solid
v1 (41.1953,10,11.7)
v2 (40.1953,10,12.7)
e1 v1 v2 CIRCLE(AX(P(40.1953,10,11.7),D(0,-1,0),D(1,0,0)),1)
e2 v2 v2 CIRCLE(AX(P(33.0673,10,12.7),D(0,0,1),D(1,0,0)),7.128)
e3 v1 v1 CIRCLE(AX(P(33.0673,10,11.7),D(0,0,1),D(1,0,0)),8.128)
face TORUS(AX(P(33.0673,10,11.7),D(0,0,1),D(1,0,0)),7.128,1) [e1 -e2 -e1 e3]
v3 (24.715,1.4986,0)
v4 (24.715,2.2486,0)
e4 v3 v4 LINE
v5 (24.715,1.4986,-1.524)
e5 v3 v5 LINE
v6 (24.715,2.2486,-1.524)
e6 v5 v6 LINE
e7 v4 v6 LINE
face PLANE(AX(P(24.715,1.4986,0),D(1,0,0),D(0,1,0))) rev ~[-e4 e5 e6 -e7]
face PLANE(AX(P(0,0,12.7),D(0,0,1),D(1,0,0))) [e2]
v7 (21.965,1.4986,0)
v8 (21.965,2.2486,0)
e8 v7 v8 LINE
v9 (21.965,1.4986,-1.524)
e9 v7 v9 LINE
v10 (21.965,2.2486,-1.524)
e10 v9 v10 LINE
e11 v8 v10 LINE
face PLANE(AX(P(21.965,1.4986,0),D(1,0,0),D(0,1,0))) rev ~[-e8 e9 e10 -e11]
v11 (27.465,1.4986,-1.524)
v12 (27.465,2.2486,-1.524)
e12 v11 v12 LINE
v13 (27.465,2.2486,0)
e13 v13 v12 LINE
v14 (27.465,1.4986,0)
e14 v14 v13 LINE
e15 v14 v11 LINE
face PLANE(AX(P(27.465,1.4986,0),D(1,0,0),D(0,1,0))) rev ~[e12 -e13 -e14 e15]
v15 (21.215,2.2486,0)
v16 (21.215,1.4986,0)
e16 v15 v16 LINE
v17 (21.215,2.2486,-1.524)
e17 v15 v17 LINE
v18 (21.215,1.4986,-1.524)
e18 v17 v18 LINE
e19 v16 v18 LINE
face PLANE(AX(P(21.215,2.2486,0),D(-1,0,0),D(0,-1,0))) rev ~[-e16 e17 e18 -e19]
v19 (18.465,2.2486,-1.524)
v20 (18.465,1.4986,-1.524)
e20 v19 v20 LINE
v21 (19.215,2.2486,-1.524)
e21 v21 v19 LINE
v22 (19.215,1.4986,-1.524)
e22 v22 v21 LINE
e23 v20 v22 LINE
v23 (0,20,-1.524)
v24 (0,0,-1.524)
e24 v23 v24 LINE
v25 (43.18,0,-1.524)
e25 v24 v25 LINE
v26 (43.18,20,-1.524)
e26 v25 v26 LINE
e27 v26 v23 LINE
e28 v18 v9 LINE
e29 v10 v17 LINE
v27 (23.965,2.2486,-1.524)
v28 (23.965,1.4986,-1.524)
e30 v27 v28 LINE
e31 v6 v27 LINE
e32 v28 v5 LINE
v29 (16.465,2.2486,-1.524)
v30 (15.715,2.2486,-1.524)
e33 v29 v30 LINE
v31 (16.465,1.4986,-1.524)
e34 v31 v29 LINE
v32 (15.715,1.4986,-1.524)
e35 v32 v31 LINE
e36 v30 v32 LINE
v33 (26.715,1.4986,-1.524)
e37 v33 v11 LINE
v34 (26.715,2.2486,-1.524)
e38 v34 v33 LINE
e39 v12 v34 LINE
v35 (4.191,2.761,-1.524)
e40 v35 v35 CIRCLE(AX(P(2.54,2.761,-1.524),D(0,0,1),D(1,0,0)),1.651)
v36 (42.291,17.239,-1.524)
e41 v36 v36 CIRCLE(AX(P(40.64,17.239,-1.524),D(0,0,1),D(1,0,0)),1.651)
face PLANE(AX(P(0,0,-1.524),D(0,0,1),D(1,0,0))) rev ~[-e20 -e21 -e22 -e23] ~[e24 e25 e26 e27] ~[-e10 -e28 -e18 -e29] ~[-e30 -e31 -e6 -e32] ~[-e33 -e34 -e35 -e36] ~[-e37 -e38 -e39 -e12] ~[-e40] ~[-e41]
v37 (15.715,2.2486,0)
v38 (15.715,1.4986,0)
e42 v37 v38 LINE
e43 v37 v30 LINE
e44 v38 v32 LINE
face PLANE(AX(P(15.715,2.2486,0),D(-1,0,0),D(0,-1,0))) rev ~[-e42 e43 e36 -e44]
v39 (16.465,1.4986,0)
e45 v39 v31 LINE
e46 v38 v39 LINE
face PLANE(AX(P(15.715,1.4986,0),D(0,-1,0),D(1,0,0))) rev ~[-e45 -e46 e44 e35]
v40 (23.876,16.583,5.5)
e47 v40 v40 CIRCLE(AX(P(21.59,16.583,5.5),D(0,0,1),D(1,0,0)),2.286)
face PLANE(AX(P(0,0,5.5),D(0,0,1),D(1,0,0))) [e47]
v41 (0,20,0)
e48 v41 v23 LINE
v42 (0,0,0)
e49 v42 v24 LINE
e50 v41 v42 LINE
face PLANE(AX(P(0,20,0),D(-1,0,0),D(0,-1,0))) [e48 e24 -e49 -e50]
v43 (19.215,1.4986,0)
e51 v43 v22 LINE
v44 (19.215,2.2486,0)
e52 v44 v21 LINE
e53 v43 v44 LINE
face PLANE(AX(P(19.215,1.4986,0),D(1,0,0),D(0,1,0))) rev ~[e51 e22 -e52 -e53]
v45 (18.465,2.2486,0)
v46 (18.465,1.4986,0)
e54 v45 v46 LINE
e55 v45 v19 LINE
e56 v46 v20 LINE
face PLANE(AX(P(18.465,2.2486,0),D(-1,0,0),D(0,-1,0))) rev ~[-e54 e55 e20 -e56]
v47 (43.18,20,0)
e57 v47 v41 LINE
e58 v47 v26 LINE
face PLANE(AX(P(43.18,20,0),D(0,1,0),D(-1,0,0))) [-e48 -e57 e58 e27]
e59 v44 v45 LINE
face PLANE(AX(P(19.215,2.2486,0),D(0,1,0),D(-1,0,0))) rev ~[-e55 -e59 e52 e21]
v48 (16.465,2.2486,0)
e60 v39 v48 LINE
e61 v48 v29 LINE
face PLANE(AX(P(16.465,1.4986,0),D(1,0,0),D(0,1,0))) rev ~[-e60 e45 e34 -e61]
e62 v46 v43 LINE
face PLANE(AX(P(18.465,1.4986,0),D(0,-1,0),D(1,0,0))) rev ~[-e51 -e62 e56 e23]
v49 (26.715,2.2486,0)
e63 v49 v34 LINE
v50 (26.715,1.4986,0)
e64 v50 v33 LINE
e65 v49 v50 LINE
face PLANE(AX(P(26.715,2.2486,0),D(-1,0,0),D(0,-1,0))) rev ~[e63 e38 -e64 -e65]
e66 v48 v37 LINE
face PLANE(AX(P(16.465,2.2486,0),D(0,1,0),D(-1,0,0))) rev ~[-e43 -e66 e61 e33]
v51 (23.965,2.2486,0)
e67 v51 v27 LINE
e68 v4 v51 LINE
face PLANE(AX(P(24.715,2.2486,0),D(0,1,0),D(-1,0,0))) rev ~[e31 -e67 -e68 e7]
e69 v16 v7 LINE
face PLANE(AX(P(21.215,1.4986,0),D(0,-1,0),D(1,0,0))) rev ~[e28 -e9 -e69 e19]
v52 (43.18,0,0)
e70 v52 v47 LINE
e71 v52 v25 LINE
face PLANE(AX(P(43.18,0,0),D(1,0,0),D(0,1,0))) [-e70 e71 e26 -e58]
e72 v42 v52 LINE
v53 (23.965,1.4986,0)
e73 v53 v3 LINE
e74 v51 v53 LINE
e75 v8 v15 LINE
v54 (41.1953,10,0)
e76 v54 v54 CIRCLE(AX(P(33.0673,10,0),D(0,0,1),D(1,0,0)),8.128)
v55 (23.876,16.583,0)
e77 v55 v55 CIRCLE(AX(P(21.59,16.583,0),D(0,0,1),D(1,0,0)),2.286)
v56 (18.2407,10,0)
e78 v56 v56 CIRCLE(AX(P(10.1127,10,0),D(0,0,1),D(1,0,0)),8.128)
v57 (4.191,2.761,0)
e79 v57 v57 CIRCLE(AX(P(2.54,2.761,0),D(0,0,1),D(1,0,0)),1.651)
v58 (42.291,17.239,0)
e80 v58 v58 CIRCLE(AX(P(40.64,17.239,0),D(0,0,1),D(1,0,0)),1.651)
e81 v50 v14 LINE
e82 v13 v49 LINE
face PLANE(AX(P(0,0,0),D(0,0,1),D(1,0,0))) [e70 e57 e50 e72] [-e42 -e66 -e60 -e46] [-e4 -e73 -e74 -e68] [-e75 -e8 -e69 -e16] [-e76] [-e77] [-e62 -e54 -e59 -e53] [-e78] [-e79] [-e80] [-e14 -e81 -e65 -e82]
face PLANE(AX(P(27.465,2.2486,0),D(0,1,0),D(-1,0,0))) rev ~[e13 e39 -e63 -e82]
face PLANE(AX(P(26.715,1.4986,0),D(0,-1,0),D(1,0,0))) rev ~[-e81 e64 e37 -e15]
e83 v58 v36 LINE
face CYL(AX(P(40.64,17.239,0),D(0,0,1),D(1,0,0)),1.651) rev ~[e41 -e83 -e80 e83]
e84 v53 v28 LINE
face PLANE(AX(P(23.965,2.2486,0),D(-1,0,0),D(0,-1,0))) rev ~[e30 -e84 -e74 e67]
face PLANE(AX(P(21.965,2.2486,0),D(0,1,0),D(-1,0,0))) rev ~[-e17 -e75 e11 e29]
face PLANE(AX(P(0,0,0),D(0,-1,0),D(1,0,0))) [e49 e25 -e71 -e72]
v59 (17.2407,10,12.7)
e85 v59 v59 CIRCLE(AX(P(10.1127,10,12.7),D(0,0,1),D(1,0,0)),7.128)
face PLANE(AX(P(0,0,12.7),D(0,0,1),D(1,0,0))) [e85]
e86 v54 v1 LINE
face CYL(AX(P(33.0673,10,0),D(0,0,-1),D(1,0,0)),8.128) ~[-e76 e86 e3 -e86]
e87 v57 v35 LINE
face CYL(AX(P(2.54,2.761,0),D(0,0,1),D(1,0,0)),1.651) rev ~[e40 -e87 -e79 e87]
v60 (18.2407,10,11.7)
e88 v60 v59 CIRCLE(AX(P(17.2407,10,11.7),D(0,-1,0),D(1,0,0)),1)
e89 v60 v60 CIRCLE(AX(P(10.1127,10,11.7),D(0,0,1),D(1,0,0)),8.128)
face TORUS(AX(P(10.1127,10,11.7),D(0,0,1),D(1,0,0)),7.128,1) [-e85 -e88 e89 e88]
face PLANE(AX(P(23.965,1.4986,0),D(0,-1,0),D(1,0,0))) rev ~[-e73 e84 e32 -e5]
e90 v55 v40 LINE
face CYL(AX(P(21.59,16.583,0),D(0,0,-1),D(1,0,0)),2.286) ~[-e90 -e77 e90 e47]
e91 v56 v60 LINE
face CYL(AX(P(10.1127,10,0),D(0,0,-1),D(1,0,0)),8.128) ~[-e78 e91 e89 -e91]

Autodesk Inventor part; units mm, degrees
ref_plane "YZ Plane" through (0, 0, 0) normal (1, 0, 0) x (0, 1, 0)
ref_plane "XZ Plane" through (0, 0, 0) normal (0, 1, 0) x (-1, 0, 0)
ref_plane "XY Plane" through (0, 0, 0) normal (0, 0, 1) x (1, 0, 0)
sketch "Skizze1" plane through (0, 0, 0) normal (0, 0, 1) x (1, 0, 0)
  line L0 (0, 0) -> (43.18, 0)
  line L1 (43.18, 0) -> (43.18, 20)
  line L2 (43.18, 20) -> (0, 20)
  line L3 (0, 20) -> (0, 0)
  circle A0 centre (2.54, 2.761) radius 1.651
  circle A1 centre (40.64, 17.239) radius 1.651
  line L4 (21.59, 20) -> (21.59, 0) construction
  line L5 (2.54, 2.761) -> (40.64, 2.761) construction
  line L6 (40.64, 2.761) -> (40.64, 17.239) construction
  line L7 (40.64, 17.239) -> (2.54, 17.239) construction
  line L8 (2.54, 17.239) -> (2.54, 2.761) construction
  line L9 (0, 10) -> (43.18, 10) construction
  line L10 (21.965, 2.2486) -> (21.215, 2.2486)
  line L11 (21.215, 2.2486) -> (21.215, 1.4986)
  line L12 (21.215, 1.4986) -> (21.965, 1.4986)
  line L13 (21.965, 1.4986) -> (21.965, 2.2486)
  line L14 (24.715, 2.2486) -> (23.965, 2.2486)
  line L15 (24.715, 1.4986) -> (24.715, 2.2486)
  line L16 (23.965, 1.4986) -> (24.715, 1.4986)
  line L17 (23.965, 2.2486) -> (23.965, 1.4986)
  line L18 (27.465, 2.2486) -> (26.715, 2.2486)
  line L19 (27.465, 1.4986) -> (27.465, 2.2486)
  line L20 (26.715, 1.4986) -> (27.465, 1.4986)
  line L21 (26.715, 2.2486) -> (26.715, 1.4986)
  line L22 (19.215, 2.2486) -> (18.465, 2.2486)
  line L23 (19.215, 1.4986) -> (19.215, 2.2486)
  line L24 (18.465, 1.4986) -> (19.215, 1.4986)
  line L25 (18.465, 2.2486) -> (18.465, 1.4986)
  line L26 (21.965, 2.2486) -> (21.215, 2.2486)
  line L27 (21.965, 1.4986) -> (21.965, 2.2486)
  line L28 (21.215, 1.4986) -> (21.965, 1.4986)
  line L29 (21.215, 2.2486) -> (21.215, 1.4986)
  line L30 (24.715, 2.2486) -> (23.965, 2.2486)
  line L31 (24.715, 1.4986) -> (24.715, 2.2486)
  line L32 (23.965, 1.4986) -> (24.715, 1.4986)
  line L33 (23.965, 2.2486) -> (23.965, 1.4986)
  line L34 (16.465, 2.2486) -> (15.715, 2.2486)
  line L35 (16.465, 1.4986) -> (16.465, 2.2486)
  line L36 (15.715, 1.4986) -> (16.465, 1.4986)
  line L37 (15.715, 2.2486) -> (15.715, 1.4986)
  line L38 (19.215, 2.2486) -> (18.465, 2.2486)
  line L39 (19.215, 1.4986) -> (19.215, 2.2486)
  line L40 (18.465, 1.4986) -> (19.215, 1.4986)
  line L41 (18.465, 2.2486) -> (18.465, 1.4986)
  line L42 (21.965, 2.2486) -> (21.215, 2.2486)
  line L43 (21.965, 1.4986) -> (21.965, 2.2486)
  line L44 (21.215, 1.4986) -> (21.965, 1.4986)
  line L45 (21.215, 2.2486) -> (21.215, 1.4986)
  point P0 (21.59, 17.239)
  point P1 (40.64, 10)
  point P2 (21.59, 2.2486)
  point P3 (24.34, 2.2486)
  point P4 (27.09, 2.2486)
  point P5 (18.84, 2.2486)
  point P6 (21.59, 2.2486)
  point P7 (24.34, 2.2486)
  point P8 (16.09, 2.2486)
  point P9 (18.84, 2.2486)
  point P10 (21.59, 2.2486)
  dimension "d0" = 43.18
  dimension "d1" = 20
  dimension "d2" = 3.302
  dimension "d4" = 38.1
  dimension "d5" = 14.478
  dimension "d26" = 1.4986
  dimension "d27" = 0.75
  dimension "d30" = 2.75
  dimension "d33" = 2.75
extrude "Extrusion1" add sketch "Skizze1" against normal blind 1.524
sketch "Skizze2" plane through (0, 0, 0) normal (0, 0, 1) x (1, 0, 0)
  circle A0 centre (10.1127, 10) radius 8.128
  circle A1 centre (33.0673, 10) radius 8.128
  line L0 (0, 0) -> (0, 20) construction
  line L1 (0, 10) -> (43.18, 10) construction
  line L2 (43.18, 0) -> (43.18, 20) construction
  line L3 (10.1127, 10) -> (33.0673, 10) construction
  point P0 (21.59, 10)
  dimension "d19" = 16.256
extrude "Extrusion2" add sketch "Skizze2" along normal blind 12.7
fillet "Rundung1" radius 1 2 edges at (24.9393, 10, 12.7) (1.9847, 10, 12.7)
sketch "Skizze3" plane through (0, 0, 0) normal (0, 0, 1) x (1, 0, 0)
  line L0 (43.18, 20) -> (0, 20) construction
  line L1 (21.59, 20) -> (21.59, 16.583) construction
  circle A0 centre (21.59, 16.583) radius 2.286
  point P0 (0, 0)
  dimension "d23" = 4.572
extrude "Extrusion3" add sketch "Skizze3" along normal blind 5.5
properties part number "SRF08"
